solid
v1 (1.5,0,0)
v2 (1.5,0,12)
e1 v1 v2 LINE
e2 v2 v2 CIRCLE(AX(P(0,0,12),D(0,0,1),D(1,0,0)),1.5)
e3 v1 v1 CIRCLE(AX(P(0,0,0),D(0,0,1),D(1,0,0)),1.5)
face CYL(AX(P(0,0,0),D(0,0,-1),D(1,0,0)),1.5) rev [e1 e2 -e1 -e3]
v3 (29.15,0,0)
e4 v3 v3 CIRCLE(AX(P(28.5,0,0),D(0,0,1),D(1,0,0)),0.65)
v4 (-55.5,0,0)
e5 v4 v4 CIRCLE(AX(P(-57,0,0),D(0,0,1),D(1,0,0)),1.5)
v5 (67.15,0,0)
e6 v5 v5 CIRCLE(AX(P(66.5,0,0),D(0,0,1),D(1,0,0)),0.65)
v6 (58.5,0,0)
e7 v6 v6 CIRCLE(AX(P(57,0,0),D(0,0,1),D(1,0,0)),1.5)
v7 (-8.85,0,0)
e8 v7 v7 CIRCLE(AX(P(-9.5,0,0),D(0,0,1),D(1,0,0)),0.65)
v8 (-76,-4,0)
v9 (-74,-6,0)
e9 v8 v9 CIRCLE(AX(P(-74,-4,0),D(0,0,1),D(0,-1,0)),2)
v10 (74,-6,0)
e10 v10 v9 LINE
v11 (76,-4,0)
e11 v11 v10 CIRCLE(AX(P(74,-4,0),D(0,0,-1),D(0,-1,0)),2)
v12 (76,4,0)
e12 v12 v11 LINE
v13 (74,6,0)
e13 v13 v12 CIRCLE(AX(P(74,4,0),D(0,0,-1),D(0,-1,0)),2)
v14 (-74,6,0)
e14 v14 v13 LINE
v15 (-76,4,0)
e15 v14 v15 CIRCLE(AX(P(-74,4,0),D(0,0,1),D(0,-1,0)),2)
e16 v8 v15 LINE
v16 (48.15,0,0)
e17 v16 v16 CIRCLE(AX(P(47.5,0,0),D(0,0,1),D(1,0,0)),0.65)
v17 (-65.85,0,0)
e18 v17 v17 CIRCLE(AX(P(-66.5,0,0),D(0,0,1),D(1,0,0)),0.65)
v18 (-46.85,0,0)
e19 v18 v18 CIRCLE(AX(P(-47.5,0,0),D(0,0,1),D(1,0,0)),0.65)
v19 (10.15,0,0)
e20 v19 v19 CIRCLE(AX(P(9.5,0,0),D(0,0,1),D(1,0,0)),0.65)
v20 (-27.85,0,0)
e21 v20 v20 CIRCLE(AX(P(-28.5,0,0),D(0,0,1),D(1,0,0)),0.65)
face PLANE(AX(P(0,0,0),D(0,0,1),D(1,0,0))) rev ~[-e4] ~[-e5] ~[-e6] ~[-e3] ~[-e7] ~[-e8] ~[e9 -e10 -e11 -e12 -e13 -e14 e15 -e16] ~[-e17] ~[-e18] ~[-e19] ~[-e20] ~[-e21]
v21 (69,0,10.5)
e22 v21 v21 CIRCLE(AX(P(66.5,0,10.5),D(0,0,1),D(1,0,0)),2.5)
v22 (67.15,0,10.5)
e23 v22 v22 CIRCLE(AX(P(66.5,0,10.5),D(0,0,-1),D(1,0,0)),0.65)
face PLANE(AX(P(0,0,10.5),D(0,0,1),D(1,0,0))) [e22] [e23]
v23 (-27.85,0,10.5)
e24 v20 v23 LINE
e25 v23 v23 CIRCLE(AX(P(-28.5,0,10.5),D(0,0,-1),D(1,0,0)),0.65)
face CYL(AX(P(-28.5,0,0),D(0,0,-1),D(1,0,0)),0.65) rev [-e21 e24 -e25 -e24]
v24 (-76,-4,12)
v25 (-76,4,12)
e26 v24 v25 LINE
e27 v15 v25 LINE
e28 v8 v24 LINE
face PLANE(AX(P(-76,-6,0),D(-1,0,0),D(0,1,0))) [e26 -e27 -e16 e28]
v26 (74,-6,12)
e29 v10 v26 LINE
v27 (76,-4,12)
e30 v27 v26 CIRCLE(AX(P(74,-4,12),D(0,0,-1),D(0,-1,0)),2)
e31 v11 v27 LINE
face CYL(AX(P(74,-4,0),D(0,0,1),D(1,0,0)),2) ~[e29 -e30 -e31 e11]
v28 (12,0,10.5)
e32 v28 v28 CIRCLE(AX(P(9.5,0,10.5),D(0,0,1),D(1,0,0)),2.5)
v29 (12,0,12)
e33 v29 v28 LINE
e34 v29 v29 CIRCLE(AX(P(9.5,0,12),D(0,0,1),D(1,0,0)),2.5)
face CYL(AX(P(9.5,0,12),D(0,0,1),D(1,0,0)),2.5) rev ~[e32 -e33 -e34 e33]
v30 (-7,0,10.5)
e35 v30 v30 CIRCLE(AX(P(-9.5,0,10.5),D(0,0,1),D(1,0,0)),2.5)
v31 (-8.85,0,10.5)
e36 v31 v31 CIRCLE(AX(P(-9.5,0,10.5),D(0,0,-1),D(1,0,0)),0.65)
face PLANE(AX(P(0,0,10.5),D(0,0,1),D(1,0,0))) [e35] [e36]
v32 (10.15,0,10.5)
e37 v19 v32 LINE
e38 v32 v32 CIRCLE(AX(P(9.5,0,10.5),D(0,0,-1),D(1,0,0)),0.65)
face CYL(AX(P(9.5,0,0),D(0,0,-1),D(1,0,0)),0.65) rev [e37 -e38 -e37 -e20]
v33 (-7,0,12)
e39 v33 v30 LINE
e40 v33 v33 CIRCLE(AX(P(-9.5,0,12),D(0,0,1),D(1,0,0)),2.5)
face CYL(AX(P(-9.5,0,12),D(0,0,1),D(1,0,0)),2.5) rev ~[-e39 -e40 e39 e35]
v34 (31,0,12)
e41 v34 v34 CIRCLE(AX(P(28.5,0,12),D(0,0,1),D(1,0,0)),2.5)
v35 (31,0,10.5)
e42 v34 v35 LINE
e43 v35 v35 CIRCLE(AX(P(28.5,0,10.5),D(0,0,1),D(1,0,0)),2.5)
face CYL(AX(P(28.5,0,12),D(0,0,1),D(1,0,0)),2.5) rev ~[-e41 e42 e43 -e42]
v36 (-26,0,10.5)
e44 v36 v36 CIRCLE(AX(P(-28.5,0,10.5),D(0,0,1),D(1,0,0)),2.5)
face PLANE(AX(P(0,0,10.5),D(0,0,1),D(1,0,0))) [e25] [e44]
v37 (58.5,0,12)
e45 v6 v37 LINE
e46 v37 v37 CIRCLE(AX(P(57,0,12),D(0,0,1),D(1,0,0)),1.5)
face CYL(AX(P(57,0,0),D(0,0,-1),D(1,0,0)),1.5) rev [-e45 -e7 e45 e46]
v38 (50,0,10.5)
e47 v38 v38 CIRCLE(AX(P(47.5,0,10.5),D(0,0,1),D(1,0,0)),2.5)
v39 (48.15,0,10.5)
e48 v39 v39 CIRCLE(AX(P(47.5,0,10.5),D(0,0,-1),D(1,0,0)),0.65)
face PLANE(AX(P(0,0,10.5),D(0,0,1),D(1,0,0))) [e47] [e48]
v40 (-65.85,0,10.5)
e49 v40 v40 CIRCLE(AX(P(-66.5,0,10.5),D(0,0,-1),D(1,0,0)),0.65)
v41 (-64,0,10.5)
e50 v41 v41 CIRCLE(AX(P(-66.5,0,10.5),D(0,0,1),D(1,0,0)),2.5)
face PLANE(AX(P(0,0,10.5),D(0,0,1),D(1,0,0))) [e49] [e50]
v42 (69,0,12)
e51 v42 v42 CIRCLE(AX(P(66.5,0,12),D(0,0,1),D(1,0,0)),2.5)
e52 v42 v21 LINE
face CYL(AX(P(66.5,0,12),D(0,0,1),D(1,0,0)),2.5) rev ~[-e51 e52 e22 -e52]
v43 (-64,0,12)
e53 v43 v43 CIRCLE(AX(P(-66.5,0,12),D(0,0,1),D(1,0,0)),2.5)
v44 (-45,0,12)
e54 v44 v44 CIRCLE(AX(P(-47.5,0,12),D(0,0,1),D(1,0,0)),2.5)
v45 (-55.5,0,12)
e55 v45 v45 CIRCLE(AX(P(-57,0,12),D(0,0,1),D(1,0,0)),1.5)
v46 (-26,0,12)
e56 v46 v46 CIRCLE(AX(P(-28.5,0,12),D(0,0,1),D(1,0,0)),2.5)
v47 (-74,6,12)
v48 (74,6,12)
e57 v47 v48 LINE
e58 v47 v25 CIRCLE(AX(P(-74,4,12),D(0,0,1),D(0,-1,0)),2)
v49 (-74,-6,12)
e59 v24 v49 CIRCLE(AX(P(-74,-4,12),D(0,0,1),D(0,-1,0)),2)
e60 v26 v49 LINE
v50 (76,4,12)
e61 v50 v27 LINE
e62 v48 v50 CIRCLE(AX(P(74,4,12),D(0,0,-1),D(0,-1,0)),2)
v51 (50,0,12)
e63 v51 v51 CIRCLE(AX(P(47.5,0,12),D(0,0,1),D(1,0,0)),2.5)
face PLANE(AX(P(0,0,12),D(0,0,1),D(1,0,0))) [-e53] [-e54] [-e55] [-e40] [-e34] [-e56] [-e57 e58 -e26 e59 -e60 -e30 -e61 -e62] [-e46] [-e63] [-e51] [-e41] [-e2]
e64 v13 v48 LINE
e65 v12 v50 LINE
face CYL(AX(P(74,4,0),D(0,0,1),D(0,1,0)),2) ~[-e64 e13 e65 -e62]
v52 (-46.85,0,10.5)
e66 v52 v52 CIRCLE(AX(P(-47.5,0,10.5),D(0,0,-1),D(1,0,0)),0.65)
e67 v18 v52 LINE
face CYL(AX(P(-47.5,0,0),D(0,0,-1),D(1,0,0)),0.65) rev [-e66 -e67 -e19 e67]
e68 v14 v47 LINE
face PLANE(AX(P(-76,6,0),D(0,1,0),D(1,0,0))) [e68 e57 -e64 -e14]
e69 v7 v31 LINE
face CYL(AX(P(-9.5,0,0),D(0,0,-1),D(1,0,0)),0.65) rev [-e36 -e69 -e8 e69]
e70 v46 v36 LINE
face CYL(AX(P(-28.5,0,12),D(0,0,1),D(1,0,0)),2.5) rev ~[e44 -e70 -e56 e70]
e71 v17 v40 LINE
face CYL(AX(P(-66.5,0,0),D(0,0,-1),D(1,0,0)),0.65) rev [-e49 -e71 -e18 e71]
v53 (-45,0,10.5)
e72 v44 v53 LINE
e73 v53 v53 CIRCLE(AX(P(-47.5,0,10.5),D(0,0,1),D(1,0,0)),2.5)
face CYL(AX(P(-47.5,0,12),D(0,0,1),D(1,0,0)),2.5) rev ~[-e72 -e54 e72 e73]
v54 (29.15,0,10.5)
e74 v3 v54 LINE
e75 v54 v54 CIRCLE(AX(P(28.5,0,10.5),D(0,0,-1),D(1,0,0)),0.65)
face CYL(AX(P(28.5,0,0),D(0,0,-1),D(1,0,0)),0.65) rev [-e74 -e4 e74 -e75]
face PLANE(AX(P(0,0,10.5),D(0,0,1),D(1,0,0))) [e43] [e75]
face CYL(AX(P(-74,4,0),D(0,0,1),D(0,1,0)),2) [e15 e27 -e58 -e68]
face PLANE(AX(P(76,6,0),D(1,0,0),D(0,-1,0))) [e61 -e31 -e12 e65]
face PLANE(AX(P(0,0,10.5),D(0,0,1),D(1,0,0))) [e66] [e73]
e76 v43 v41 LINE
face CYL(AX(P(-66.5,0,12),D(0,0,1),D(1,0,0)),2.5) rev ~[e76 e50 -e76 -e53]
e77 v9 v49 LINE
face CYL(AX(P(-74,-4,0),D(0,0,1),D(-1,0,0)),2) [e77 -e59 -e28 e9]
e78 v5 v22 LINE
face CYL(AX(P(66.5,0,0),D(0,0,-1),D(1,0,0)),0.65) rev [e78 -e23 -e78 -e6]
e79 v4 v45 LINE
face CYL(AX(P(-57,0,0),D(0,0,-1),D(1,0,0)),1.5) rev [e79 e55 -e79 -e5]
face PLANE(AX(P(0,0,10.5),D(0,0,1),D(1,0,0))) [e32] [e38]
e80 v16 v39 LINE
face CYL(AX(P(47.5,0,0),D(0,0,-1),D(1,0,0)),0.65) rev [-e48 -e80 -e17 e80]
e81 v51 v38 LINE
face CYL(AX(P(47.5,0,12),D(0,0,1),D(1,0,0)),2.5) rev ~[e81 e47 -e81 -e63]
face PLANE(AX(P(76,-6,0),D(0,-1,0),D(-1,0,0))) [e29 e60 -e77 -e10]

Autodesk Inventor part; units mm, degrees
ref_plane "YZ Plane" through (0, 0, 0) normal (1, 0, 0) x (0, 1, 0)
ref_plane "XZ Plane" through (0, 0, 0) normal (0, 1, 0) x (-1, 0, 0)
ref_plane "XY Plane" through (0, 0, 0) normal (0, 0, 1) x (1, 0, 0)
sketch "Boceto1" plane through (0, 0, 0) normal (0, 0, 1) x (1, 0, 0)
  line L0 (-76, 6) -> (76, 6)
  line L1 (76, 6) -> (76, -6)
  line L2 (76, -6) -> (-76, -6)
  line L3 (-76, -6) -> (-76, 6)
  circle A0 centre (0, 0) radius 1.5
  circle A1 centre (57, 0) radius 1.5
  circle A2 centre (-57, 0) radius 1.5
  circle A3 centre (-9.5, 0) radius 0.65
  circle A4 centre (9.5, 0) radius 0.65
  circle A5 centre (28.5, 0) radius 0.65
  circle A6 centre (47.5, 0) radius 0.65
  circle A7 centre (66.5, 0) radius 0.65
  circle A8 centre (-28.5, 0) radius 0.65
  circle A9 centre (-47.5, 0) radius 0.65
  circle A10 centre (-66.5, 0) radius 0.65
  point P0 (-76, 0)
  point P1 (0, 6)
  dimension "d0" = 152
  dimension "d1" = 12
  dimension "d2" = 3
  dimension "d3" = 3
  dimension "d4" = 3
  dimension "d5" = 57
  dimension "d6" = 57
  dimension "d7" = 1.3
  dimension "d8" = 1.3
  dimension "d9" = 19
  dimension "d10" = 9.5
  dimension "d13" = 19
  dimension "d20" = 19
extrude "Extrusión1" add sketch "Boceto1" along normal blind 12
sketch "Boceto2" plane through (0, 0, 12) normal (0, 0, 1) x (1, 0, 0)
  circle A0 centre (-66.5, 0) radius 0.65 projected
  circle A1 centre (-66.5, 0) radius 2.5
  line L0 (-76, 0) -> (76, 0) construction
  line L1 (76, -6) -> (76, 6) construction
  circle A2 centre (-47.5, 0) radius 2.5
  circle A3 centre (-28.5, 0) radius 2.5
  circle A4 centre (-9.5, 0) radius 2.5
  circle A5 centre (9.5, 0) radius 2.5
  circle A6 centre (28.5, 0) radius 2.5
  circle A7 centre (47.5, 0) radius 2.5
  circle A8 centre (66.5, 0) radius 2.5
  point P0 (0, 0)
  dimension "d27" = 5
  dimension "d30" = 19
  dimension "d35" = 152
extrude "Extrusión2" cut sketch "Boceto2" against normal blind 1.5 contours A0 | A1 | A2 | A3 | A4 | A5 | A6 | A7 | A8
fillet "Empalme1" radius 2 4 edges at (-76, -6, 6) (76, -6, 6) (76, 6, 6) (-76, 6, 6)
equation "\"d6\" = d5"
equation "\"d8\" = d7"
equation "\"d10\" = 0.5 * d9"
properties part number "Guia fibra 8Ch V2_2"
